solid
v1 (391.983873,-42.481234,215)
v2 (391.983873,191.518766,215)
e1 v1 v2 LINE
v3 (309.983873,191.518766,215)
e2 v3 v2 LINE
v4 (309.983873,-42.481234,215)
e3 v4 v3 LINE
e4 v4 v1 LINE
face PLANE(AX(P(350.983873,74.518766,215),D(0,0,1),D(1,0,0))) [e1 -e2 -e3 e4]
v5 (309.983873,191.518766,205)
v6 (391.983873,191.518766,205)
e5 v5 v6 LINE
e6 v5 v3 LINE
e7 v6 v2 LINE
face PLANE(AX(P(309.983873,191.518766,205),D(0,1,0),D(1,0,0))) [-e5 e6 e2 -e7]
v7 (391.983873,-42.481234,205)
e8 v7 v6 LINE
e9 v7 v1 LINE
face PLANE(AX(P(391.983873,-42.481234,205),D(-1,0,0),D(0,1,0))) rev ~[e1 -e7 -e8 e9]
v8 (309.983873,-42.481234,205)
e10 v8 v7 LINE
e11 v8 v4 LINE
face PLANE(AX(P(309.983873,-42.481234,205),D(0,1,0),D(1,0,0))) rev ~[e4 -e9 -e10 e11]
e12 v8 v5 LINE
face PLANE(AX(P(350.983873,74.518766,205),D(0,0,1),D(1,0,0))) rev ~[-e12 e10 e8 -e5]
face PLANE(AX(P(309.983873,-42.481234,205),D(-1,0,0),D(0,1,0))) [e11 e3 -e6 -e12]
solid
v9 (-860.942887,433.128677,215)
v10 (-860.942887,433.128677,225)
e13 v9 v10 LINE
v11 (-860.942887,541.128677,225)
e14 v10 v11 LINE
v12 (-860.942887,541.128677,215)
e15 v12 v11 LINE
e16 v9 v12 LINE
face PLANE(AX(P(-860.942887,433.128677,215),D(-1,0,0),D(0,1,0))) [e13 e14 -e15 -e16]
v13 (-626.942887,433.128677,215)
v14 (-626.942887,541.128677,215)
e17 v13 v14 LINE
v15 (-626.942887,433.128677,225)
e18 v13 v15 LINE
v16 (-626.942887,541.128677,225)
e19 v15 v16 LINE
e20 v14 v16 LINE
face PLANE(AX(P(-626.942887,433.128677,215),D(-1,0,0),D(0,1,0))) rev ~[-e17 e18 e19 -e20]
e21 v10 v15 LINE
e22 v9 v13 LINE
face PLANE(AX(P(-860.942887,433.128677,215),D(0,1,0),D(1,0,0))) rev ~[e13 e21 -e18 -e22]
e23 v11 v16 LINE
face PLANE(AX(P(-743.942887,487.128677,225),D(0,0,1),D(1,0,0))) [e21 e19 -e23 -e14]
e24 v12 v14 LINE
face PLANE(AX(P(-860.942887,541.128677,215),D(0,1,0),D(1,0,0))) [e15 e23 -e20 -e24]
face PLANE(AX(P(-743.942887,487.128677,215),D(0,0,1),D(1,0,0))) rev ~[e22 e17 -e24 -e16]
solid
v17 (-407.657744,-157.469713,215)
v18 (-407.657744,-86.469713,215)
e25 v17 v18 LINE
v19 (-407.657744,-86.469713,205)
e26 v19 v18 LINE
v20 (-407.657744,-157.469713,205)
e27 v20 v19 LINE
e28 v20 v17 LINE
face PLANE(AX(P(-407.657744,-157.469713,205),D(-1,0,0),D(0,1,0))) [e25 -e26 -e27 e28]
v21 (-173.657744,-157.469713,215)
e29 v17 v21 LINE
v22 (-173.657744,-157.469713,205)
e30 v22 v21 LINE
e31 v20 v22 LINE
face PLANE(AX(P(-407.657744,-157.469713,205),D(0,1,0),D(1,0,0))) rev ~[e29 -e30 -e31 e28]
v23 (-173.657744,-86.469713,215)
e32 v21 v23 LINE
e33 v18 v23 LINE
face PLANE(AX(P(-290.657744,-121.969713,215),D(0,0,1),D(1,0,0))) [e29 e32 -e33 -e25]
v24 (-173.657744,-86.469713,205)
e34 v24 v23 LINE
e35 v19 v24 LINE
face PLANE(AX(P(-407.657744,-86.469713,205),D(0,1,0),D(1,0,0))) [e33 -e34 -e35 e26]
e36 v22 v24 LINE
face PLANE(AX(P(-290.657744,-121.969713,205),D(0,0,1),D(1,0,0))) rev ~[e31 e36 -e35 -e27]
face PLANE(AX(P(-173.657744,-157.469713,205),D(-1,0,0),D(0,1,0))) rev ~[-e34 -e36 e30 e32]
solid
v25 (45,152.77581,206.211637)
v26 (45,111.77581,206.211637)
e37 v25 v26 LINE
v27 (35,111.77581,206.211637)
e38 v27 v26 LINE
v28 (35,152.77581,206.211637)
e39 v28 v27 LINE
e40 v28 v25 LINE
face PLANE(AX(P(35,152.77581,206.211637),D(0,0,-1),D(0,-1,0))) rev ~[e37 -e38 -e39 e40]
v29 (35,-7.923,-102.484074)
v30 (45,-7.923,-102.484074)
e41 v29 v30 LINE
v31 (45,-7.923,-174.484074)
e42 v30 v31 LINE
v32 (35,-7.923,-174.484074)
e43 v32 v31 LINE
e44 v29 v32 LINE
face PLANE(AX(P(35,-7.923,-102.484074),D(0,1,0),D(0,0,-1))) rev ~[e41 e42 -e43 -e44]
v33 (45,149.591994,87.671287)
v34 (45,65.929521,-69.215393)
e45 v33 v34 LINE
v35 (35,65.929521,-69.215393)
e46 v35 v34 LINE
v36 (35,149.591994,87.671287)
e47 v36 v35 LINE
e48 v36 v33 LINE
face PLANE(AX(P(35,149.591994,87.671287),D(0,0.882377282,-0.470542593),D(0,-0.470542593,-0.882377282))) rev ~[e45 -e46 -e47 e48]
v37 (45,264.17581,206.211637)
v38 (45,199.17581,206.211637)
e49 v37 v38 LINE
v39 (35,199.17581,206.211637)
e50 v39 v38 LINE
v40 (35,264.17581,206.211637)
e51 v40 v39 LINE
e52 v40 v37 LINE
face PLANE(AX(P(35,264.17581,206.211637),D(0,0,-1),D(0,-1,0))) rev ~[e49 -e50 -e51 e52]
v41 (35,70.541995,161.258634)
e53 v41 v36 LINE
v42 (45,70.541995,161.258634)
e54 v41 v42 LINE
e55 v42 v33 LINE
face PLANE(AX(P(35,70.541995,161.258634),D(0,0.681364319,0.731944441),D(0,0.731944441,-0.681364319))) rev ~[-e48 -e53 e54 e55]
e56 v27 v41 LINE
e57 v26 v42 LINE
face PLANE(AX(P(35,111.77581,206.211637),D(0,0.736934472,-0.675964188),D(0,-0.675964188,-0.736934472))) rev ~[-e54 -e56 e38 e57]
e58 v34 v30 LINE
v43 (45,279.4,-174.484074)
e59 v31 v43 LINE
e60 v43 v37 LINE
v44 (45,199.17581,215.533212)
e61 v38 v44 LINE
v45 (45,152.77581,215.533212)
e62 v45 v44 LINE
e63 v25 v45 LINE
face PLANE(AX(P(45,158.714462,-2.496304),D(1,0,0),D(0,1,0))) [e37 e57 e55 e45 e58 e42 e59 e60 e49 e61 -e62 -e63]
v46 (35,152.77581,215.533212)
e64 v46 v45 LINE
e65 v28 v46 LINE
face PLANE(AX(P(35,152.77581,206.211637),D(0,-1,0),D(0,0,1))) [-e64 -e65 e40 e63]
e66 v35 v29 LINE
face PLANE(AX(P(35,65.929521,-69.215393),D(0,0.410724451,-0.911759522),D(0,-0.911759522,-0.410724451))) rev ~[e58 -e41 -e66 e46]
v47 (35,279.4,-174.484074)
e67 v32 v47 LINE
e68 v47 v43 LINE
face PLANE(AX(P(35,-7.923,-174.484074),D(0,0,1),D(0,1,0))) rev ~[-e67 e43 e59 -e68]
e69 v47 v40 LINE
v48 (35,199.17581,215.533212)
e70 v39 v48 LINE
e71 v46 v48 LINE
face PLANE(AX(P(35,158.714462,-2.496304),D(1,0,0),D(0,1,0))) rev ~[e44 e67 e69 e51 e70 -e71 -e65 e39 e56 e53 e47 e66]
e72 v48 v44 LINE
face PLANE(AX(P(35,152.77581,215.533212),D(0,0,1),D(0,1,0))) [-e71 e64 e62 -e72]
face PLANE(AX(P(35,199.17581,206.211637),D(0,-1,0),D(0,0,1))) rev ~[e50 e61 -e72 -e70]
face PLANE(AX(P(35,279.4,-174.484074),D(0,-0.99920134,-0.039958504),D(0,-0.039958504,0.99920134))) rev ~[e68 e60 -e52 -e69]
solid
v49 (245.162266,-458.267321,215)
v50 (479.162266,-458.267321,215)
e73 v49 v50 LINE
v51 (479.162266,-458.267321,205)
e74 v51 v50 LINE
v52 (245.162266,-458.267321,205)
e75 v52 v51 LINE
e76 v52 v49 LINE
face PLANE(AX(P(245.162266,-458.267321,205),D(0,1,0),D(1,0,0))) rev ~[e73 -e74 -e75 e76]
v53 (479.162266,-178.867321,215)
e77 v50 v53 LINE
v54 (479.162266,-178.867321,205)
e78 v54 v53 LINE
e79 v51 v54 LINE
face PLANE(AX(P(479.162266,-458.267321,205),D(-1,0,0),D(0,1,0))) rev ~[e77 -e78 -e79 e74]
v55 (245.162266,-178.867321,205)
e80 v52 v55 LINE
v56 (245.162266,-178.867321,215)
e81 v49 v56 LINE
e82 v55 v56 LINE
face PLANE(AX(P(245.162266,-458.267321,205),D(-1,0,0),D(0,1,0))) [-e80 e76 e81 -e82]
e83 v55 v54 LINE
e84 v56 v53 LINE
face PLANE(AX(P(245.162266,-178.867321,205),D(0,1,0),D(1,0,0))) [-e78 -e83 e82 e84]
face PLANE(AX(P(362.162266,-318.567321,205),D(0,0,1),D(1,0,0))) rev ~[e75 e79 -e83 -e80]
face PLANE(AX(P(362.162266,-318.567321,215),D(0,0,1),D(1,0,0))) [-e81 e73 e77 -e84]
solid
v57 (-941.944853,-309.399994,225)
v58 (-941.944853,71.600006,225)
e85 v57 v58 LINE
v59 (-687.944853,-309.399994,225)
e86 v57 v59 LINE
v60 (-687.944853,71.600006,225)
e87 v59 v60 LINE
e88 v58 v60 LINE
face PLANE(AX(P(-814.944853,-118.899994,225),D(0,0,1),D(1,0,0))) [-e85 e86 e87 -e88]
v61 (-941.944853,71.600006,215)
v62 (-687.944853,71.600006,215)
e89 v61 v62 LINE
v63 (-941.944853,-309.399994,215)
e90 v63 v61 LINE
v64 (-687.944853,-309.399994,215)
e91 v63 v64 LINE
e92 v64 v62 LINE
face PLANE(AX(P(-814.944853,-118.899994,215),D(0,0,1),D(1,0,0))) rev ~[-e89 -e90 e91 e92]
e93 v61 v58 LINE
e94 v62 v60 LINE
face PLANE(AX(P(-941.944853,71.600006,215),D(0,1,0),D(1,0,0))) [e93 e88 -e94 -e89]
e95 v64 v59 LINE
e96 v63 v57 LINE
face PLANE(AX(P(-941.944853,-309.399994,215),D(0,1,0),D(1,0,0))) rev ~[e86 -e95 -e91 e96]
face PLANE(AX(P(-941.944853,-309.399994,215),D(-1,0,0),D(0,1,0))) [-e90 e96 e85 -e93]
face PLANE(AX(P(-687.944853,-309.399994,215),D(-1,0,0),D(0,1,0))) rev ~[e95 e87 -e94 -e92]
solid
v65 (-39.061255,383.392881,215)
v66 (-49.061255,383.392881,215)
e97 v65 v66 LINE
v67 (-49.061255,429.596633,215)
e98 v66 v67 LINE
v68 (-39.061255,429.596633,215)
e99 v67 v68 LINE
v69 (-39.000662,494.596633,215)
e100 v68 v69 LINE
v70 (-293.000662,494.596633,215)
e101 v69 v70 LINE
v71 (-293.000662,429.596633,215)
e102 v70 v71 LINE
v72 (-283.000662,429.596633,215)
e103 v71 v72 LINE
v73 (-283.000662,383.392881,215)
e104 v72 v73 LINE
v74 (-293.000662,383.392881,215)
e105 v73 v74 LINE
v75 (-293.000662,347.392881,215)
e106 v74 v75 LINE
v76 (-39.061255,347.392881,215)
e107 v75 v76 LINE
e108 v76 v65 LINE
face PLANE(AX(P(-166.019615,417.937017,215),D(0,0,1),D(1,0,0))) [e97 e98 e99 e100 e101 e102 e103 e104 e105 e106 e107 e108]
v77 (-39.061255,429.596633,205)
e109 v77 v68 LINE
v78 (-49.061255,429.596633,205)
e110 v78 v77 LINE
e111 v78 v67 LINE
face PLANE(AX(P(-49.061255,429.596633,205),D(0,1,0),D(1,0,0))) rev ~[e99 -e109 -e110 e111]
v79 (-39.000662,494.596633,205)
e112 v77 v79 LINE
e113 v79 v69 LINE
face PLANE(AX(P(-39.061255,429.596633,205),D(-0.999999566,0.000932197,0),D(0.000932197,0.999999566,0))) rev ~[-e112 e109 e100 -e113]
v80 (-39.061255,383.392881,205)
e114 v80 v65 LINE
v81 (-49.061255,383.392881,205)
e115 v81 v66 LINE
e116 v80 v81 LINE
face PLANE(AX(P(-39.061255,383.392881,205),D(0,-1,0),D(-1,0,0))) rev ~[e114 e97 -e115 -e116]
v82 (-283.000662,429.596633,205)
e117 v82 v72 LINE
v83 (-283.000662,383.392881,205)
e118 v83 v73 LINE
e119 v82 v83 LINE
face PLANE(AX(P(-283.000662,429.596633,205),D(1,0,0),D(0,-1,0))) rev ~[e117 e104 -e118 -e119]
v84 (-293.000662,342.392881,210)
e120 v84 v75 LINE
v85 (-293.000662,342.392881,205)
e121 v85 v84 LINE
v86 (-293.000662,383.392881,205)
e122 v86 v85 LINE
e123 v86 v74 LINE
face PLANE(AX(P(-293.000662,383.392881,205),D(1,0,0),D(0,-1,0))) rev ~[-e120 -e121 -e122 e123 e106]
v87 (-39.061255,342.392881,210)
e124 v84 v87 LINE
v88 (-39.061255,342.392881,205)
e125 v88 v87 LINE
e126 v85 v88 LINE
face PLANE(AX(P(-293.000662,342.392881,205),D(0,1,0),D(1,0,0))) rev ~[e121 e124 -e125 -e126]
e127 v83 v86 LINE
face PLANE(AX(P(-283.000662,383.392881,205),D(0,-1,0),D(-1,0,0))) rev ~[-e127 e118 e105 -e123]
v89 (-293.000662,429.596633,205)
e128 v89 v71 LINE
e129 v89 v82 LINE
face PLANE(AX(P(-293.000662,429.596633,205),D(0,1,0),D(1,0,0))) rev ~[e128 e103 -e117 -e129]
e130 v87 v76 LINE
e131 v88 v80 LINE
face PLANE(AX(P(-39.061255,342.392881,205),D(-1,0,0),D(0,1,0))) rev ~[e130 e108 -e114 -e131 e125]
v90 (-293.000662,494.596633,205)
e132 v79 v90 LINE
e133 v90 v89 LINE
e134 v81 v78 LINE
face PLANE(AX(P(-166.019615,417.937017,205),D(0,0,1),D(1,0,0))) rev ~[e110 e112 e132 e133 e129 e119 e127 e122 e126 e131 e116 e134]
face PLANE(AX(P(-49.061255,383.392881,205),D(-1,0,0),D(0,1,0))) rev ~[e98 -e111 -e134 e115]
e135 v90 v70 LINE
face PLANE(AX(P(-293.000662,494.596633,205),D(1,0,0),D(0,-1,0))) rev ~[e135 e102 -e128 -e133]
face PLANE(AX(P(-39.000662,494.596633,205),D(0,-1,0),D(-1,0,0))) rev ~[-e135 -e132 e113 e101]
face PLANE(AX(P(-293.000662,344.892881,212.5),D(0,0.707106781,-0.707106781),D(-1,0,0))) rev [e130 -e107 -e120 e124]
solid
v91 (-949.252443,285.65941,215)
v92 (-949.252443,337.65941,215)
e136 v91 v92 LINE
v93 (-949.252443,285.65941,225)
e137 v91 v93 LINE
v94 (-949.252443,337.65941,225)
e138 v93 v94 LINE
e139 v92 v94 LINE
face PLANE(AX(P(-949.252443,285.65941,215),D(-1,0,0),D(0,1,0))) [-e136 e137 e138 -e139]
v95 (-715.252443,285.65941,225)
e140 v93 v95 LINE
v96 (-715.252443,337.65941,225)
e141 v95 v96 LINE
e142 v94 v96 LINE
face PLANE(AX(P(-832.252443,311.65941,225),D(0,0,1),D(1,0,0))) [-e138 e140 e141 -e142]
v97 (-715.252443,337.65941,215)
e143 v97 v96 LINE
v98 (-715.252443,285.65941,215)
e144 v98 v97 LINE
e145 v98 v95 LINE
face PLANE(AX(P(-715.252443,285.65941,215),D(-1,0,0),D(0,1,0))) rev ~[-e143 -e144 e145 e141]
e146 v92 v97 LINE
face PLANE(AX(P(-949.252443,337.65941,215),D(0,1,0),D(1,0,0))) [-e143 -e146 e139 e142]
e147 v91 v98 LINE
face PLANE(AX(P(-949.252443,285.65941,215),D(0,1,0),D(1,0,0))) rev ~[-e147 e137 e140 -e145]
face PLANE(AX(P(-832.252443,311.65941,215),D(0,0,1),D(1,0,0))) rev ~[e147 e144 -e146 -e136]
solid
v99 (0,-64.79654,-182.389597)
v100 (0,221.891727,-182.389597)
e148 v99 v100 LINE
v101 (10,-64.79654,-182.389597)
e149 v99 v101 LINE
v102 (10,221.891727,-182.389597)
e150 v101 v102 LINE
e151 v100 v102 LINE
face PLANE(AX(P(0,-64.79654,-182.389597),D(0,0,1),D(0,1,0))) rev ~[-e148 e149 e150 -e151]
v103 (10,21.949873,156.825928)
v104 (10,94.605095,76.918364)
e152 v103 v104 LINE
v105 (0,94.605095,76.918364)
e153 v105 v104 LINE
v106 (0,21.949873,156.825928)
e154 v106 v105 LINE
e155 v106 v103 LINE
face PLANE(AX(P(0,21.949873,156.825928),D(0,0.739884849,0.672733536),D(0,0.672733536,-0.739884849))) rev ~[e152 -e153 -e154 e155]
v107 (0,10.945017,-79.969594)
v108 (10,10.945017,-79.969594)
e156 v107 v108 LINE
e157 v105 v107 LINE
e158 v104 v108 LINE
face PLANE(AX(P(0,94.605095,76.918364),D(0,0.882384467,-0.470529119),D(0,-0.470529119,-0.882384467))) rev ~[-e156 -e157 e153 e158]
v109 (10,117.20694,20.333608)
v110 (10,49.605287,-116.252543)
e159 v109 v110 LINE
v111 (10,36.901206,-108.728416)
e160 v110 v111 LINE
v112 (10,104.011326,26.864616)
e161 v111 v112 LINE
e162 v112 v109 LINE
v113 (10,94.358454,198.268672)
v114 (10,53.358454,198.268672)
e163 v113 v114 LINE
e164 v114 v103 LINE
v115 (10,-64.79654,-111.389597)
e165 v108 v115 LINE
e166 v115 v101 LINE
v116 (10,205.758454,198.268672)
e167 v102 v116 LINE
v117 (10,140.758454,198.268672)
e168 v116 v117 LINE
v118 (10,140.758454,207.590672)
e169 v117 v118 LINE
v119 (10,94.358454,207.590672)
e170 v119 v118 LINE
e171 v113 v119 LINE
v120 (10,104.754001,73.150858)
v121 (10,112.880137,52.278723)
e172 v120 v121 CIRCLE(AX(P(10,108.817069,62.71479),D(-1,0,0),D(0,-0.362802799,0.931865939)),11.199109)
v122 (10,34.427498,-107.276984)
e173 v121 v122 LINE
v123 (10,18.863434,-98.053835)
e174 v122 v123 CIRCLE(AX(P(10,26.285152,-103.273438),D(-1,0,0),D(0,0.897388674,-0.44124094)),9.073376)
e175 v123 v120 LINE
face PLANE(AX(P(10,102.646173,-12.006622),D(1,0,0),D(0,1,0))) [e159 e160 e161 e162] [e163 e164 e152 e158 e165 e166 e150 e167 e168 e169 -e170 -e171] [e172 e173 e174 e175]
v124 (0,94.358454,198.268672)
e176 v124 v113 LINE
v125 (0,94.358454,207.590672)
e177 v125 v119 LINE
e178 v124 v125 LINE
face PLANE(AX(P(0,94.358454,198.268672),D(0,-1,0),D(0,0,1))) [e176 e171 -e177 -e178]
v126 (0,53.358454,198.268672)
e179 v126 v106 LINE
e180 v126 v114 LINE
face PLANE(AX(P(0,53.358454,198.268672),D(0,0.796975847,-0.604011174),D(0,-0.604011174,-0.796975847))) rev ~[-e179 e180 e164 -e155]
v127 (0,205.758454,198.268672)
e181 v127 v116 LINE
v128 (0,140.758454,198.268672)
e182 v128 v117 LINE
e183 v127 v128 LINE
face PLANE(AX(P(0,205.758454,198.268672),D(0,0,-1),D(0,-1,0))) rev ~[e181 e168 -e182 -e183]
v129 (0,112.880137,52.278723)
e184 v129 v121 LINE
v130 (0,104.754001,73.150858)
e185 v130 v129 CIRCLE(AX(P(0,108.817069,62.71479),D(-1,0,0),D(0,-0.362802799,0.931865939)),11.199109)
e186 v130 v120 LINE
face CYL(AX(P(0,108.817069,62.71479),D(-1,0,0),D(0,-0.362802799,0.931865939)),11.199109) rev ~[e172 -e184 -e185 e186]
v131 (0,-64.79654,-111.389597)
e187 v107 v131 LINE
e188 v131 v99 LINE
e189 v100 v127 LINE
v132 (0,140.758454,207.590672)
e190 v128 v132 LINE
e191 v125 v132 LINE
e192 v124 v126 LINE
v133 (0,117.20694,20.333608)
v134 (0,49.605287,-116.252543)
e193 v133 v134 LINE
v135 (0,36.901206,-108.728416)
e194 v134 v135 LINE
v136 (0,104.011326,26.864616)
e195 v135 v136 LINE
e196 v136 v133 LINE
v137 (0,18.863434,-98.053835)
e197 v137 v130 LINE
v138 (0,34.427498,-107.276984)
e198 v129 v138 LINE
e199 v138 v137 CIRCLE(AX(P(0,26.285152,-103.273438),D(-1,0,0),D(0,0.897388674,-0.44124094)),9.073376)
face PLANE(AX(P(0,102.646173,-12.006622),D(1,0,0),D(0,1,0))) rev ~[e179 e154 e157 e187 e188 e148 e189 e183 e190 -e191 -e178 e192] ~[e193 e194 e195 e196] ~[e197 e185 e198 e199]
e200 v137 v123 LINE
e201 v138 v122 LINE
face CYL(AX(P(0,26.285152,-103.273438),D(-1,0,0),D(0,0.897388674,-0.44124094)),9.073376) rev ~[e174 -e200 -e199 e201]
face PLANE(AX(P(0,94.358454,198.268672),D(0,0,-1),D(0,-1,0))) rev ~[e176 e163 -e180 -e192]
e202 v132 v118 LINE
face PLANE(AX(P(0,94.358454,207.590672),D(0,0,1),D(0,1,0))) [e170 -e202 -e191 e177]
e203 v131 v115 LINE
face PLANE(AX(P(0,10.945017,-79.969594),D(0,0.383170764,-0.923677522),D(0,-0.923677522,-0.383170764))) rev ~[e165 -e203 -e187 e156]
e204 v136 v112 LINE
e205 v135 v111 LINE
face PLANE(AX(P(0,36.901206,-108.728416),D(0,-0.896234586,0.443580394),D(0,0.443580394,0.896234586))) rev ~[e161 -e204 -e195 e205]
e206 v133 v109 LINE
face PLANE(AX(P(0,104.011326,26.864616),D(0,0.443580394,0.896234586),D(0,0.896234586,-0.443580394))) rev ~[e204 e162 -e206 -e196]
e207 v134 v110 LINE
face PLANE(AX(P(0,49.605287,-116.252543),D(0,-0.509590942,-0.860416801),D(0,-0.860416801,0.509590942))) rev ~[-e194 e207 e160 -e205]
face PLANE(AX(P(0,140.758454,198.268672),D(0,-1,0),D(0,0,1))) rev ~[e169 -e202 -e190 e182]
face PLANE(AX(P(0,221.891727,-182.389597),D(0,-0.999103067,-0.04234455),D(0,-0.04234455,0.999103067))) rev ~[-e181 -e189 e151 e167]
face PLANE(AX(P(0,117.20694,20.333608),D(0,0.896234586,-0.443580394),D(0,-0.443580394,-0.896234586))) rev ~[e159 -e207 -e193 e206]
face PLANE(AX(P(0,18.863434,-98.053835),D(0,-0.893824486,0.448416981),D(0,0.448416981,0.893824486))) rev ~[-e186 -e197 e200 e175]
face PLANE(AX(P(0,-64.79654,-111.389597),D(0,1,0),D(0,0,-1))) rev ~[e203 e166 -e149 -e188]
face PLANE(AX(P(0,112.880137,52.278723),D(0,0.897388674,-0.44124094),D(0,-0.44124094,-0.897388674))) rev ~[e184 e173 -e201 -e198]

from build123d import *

# Parameters (mm, degrees)
F0_W      = 46.4
F0_H      = 9.322
F1_DEPTH  = 10
F5_DEPTH  = 10
F7_SIZE   = 5
F9_W      = 46.4000000058
F9_H      = 9.3215752476
F10_DEPTH = 10
F11_W     = 254
F11_H     = 381
F12_DEPTH = 10
F13_W     = 234
F13_H     = 52
F14_DEPTH = 10
F15_W     = 234
F15_H     = 108
F16_DEPTH = 10
F17_W     = 82
F17_H     = 234
F18_DEPTH = 10
F19_W     = 234
F19_H     = 71
F20_DEPTH = 10
F21_W     = 234
F21_H     = 279.4
F22_DEPTH = 10


with BuildPart() as f1:
    # F0 (on Right) → F1 (new body)
    with BuildSketch(Plane.YZ):
        Polygon((-64.796539762, -182.3895969412), (-57.5082729275, -182.3895969412), (221.8917270725, -182.3895969412), (205.7584536639, 198.2686717056), (140.7584536639, 198.2686717056), (94.3584536639, 198.2686717056), (53.3584536639, 198.2686717056), (21.9498726075, 156.8259276359), (94.605094511, 76.9183639755), (10.9450170771, -79.9695942742), (-64.796539762, -111.3895969412), align=None)
        Polygon((49.6052874287, -116.2525428597), (36.9012057781, -108.7284162641), (104.0113260207, 26.8646163094), (117.2069395227, 20.3336081006), align=None, mode=Mode.SUBTRACT)
        with BuildLine():
            ThreePointArc((104.7540009022, 73.150858283), (119.2531366096, 66.7778584138), (112.8801367404, 52.2787227063))
            Line((112.8801367404, 52.2787227063), (34.4274975359, -107.2769835591))
            ThreePointArc((34.4274975359, -107.2769835591), (21.6595235328, -111.0791874475), (18.863433972, -98.0538353324))
            Line((18.863433972, -98.0538353324), (104.7540009022, 73.150858283))
        make_face(mode=Mode.SUBTRACT)
        with Locations((117.5584536639, 202.9296717056)):
            Rectangle(F0_W, F0_H)
    extrude(amount=F1_DEPTH)


with BuildPart() as f5:
    # F4 (on offset) → F5 (new body)
    with BuildSketch(Plane.XY.offset(205)):
        Polygon((-39.0006619062, 494.596632719), (-293.0006619062, 494.596632719), (-293.0006619062, 429.596632719), (-283.0006619062, 429.596632719), (-283.0006619062, 383.392881012), (-293.0006619062, 383.392881012), (-293.0006619062, 342.392881012), (-39.0612547696, 342.392881012), (-39.0612547696, 383.392881012), (-49.0612547696, 383.392881012), (-49.0612547696, 429.596632719), (-39.0612547696, 429.596632719), align=None)
    extrude(amount=F5_DEPTH)

    # F7
    f7_edges = [f5.edges().sort_by_distance(p)[0] for p in [
        (-166.030958, 342.392881, 215),
    ]]
    chamfer(f7_edges, length=F7_SIZE)


with BuildPart() as f10:
    # F9 (on offset) → F10 (new body)
    with BuildSketch(Plane.YZ.offset(35)):
        Polygon((149.5919942923, 87.671287306), (65.9295212644, -69.2153934763), (-7.923, -102.4840739864), (-7.923, -174.4840739864), (0, -174.4840739864), (279.4, -174.4840739864), (264.1758101478, 206.2116365796), (199.1758101478, 206.2116365797), (152.775810142, 206.2116365797), (111.775810142, 206.2116365648), (70.5419946621, 161.2586337622), align=None)
        with Locations((175.9758101449, 210.8724242035)):
            Rectangle(F9_W, F9_H)
    extrude(amount=F10_DEPTH)


with BuildPart() as f12:
    # F11 (on offset) → F12 (new body)
    with BuildSketch(Plane.XY.offset(215)):
        with Locations((-814.9448533747, -118.8999935985)):
            Rectangle(F11_W, F11_H)
    extrude(amount=F12_DEPTH)


with BuildPart() as f14:
    # F13 (on offset) → F14 (new body)
    with BuildSketch(Plane.XY.offset(215)):
        with Locations((-832.2524428368, 311.6594097933)):
            Rectangle(F13_W, F13_H)
    extrude(amount=F14_DEPTH)


with BuildPart() as f16:
    # F15 (on offset) → F16 (new body)
    with BuildSketch(Plane.XY.offset(215)):
        with Locations((-743.942886591, 487.1286771533)):
            Rectangle(F15_W, F15_H)
    extrude(amount=F16_DEPTH)


with BuildPart() as f18:
    # F17 (on offset) → F18 (new body)
    with BuildSketch(Plane.XY.offset(205)):
        with Locations((350.9838730097, 74.5187658328)):
            Rectangle(F17_W, F17_H)
    extrude(amount=F18_DEPTH)


with BuildPart() as f20:
    # F19 (on offset) → F20 (new body)
    with BuildSketch(Plane.XY.offset(205)):
        with Locations((-290.6577438116, -121.9697131045)):
            Rectangle(F19_W, F19_H)
    extrude(amount=F20_DEPTH)


with BuildPart() as f22:
    # F21 (on offset) → F22 (new body)
    with BuildSketch(Plane.XY.offset(205)):
        with Locations((362.1622659266, -318.5673205169)):
            Rectangle(F21_W, F21_H)
    extrude(amount=F22_DEPTH)


solid = Compound([f1.part, f5.part, f10.part, f12.part, f14.part, f16.part, f18.part, f20.part, f22.part])
